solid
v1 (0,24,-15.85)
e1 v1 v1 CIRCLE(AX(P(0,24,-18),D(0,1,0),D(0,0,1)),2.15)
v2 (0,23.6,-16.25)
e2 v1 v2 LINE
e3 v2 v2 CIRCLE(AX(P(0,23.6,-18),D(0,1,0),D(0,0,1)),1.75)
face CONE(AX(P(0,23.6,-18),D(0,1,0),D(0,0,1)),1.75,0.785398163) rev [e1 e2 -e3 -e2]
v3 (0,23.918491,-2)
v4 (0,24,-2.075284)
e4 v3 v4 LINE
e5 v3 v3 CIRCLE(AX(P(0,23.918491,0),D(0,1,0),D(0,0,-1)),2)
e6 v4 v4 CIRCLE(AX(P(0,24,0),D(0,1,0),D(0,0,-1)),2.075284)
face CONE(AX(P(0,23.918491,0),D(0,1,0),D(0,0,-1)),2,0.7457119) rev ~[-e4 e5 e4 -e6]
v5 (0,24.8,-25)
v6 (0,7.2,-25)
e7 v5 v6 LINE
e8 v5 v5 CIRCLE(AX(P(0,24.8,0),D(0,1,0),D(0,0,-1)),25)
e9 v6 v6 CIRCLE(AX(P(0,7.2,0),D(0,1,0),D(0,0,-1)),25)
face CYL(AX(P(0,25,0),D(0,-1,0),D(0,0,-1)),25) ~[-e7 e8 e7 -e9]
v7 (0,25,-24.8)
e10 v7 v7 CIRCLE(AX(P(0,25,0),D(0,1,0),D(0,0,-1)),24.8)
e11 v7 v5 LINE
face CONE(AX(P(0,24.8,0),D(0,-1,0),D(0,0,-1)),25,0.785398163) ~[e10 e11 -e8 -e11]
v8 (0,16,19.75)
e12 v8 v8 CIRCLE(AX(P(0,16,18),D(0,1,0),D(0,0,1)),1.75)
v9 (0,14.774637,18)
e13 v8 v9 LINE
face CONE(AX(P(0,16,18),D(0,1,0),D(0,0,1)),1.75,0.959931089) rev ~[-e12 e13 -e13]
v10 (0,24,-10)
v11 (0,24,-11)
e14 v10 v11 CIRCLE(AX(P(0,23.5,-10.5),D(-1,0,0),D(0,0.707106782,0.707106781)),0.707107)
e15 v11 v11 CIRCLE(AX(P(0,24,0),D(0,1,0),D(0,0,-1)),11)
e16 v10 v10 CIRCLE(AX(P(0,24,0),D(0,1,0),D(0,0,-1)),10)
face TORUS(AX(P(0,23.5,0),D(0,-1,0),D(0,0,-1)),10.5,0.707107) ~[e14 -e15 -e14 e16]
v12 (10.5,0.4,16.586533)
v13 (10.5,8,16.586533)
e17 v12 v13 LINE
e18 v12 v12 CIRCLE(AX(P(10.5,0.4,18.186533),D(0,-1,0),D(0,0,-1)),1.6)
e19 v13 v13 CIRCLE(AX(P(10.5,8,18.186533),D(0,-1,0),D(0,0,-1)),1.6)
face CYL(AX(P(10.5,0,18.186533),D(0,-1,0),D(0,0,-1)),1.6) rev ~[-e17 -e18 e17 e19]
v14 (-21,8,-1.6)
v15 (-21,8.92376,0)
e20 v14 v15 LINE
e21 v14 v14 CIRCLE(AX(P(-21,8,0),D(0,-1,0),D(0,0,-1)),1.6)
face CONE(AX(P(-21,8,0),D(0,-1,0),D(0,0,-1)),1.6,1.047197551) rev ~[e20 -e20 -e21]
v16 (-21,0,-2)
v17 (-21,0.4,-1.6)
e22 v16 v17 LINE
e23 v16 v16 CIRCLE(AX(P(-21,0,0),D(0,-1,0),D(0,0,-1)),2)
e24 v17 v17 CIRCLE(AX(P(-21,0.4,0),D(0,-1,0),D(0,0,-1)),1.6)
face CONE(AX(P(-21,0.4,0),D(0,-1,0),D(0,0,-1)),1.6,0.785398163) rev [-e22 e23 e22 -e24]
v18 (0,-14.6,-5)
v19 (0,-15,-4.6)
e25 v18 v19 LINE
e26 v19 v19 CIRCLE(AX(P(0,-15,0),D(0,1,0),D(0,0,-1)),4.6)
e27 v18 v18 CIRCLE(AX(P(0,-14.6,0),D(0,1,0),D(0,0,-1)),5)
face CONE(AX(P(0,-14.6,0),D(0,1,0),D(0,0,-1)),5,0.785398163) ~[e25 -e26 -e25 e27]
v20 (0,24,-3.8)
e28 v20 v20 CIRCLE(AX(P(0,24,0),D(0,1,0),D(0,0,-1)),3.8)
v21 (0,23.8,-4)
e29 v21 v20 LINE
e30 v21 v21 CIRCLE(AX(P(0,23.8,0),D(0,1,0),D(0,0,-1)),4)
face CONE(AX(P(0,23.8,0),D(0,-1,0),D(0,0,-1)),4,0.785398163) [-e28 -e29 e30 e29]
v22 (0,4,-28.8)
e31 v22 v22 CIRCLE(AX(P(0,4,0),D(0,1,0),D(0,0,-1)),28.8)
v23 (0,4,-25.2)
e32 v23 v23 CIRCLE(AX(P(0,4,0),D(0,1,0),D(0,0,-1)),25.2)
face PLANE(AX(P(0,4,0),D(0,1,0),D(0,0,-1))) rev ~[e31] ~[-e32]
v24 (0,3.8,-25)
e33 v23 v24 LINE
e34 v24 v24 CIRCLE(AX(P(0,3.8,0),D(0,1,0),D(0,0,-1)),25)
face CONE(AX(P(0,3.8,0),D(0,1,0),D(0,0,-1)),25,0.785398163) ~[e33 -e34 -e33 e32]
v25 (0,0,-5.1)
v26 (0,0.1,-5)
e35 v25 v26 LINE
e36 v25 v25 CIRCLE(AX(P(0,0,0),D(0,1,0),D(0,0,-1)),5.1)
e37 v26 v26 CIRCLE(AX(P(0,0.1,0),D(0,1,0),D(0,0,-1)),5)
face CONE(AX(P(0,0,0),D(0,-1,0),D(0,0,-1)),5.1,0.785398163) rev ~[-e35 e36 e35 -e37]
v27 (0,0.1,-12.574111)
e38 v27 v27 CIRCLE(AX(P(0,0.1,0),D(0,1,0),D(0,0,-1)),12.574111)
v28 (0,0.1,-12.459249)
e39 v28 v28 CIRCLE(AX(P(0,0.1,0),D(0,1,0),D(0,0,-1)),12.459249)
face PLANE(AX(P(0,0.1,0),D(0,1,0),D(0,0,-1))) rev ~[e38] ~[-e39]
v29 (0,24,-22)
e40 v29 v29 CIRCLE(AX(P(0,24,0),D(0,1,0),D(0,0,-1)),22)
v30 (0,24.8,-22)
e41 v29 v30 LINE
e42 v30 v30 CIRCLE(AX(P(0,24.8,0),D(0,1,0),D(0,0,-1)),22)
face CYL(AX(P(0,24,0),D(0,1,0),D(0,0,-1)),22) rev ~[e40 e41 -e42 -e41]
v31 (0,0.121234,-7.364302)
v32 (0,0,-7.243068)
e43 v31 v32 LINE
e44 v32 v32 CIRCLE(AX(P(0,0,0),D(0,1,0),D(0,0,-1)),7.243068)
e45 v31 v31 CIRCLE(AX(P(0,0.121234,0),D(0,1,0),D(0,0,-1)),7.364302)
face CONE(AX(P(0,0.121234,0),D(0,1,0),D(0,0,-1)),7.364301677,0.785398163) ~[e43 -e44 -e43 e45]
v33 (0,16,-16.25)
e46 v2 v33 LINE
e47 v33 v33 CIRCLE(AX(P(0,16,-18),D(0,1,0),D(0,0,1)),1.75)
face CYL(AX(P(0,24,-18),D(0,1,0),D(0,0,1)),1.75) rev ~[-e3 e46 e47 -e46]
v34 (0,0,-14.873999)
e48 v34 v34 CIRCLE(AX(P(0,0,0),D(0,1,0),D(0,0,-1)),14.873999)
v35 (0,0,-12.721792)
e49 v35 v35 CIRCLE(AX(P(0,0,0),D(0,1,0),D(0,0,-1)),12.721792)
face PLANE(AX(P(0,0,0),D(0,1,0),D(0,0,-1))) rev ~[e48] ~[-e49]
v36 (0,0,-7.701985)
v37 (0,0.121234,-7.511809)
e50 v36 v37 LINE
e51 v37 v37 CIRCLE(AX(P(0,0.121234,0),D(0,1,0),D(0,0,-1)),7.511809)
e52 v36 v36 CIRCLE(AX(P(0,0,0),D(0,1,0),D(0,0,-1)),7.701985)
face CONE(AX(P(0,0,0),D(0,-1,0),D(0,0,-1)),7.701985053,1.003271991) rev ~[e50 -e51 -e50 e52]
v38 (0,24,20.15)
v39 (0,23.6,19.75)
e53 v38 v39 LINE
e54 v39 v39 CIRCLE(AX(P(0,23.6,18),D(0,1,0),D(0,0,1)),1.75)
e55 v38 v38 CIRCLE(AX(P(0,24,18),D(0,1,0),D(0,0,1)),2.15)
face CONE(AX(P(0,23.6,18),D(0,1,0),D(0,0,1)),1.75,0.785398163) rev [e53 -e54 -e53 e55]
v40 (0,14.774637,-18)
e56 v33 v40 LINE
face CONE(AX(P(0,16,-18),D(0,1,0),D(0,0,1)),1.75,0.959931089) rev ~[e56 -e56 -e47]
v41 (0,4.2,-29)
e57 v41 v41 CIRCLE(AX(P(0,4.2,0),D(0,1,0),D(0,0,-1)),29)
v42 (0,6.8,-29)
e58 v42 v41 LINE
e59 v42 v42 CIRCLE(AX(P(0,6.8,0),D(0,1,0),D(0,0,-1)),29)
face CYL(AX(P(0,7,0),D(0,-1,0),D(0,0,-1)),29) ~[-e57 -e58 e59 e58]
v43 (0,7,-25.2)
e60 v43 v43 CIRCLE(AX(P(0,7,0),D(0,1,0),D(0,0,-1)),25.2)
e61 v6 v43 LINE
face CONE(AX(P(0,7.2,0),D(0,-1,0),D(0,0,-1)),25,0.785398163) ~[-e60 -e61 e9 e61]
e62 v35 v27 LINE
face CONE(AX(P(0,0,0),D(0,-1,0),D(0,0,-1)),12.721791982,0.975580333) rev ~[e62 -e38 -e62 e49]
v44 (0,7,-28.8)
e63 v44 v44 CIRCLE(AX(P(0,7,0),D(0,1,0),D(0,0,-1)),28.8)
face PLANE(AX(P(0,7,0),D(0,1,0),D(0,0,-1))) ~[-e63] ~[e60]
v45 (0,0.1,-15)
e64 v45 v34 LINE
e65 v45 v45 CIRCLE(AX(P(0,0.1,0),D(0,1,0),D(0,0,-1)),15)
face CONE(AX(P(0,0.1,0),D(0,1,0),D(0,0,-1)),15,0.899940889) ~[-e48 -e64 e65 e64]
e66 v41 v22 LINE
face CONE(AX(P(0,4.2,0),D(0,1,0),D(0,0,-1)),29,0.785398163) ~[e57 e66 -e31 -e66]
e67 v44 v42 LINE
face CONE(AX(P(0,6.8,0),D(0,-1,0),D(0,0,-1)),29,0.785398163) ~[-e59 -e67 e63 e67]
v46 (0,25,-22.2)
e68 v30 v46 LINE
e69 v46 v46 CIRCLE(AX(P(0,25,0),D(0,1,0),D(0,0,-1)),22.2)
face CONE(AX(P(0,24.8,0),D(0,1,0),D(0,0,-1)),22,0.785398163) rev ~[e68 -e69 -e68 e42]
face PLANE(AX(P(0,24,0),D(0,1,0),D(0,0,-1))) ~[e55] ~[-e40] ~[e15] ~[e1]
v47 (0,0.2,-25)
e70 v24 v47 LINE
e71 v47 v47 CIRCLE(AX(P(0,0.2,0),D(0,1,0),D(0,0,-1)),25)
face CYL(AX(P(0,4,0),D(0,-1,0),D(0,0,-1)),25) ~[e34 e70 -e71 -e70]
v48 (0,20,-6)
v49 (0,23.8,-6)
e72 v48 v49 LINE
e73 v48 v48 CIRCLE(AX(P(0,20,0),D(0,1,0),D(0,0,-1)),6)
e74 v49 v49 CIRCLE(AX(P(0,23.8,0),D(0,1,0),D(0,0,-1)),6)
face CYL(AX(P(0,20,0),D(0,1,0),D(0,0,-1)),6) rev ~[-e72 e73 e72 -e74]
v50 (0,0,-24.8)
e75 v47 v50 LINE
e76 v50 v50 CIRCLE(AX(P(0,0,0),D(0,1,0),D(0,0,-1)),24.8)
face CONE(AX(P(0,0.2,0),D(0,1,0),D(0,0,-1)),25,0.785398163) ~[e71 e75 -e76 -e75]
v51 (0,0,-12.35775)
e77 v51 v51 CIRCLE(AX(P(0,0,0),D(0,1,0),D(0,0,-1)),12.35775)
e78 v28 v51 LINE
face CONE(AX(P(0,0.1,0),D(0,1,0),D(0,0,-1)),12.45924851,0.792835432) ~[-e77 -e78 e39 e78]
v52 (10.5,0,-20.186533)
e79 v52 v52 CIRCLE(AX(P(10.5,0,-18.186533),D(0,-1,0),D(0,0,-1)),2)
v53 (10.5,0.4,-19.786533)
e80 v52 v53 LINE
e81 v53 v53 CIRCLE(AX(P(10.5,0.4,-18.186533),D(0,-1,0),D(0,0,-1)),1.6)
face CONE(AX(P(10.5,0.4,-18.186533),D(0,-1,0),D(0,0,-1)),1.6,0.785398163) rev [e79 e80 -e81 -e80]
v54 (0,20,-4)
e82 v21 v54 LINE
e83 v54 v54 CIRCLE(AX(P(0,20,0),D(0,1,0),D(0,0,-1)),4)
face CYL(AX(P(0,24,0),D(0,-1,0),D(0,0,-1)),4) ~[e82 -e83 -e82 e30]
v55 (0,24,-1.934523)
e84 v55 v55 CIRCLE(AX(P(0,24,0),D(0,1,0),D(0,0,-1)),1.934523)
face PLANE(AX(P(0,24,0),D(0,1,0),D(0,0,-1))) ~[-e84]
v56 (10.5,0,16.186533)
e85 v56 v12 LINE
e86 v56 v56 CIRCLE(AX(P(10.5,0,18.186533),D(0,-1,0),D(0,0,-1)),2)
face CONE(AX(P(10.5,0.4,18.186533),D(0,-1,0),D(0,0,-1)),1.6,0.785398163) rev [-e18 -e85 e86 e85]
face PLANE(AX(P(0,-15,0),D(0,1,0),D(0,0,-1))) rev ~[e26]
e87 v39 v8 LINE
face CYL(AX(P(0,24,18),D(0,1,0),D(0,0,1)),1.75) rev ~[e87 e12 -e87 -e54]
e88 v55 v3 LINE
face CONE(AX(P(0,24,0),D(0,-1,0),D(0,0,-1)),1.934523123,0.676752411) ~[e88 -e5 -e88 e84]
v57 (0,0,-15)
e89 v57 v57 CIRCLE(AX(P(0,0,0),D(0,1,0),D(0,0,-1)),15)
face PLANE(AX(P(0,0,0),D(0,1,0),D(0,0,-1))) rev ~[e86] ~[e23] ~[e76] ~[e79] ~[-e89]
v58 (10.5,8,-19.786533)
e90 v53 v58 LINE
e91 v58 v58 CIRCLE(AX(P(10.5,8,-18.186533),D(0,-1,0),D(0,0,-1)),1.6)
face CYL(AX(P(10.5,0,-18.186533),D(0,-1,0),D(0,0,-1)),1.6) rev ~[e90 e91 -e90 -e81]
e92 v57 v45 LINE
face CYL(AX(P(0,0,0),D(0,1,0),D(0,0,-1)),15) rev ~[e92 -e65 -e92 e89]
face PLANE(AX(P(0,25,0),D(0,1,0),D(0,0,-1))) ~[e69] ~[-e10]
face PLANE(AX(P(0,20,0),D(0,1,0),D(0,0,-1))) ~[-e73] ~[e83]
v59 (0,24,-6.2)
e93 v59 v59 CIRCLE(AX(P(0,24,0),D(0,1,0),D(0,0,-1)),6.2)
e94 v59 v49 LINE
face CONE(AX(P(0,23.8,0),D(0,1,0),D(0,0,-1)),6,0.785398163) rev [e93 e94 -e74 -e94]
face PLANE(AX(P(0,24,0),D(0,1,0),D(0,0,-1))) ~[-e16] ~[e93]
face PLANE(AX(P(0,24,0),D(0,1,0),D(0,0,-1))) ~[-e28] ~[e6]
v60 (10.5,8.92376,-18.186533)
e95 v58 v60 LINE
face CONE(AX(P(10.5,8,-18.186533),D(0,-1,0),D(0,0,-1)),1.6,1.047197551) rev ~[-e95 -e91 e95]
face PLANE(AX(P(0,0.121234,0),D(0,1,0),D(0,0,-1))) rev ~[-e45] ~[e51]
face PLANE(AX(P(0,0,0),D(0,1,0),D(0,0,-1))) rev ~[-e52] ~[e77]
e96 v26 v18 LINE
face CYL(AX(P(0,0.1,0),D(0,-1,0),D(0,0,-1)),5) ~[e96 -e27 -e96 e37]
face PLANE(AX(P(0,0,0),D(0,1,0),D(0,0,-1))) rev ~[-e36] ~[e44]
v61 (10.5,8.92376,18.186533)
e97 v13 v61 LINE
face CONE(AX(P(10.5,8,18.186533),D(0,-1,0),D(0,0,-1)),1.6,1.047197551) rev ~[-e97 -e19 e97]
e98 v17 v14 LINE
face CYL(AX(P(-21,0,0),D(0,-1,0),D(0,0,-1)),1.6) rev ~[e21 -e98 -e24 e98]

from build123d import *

# Parameters (mm, degrees)
SKETCH11_R          = 1.6
CUT_EXTRUDE11_DEPTH = 8
CHAMFER5_SIZE       = 0.2
SKETCH13_R          = 1.75
CUT_EXTRUDE13_DEPTH = 8
CHAMFER4_SIZE       = 0.4


with BuildPart() as part:
    # Sketch1 → Base-Revolve (revolve)
    with BuildSketch(Plane.XY, mode=Mode.PRIVATE) as base_revolve_sk:
        with BuildLine():
            Line((22, 24), (22, 25))
            Line((22, 25), (25, 25))
            Line((25, 25), (25, 7))
            Line((25, 7), (29, 7))
            Line((29, 7), (29, 4))
            Line((29, 4), (25, 4))
            Line((25, 4), (25, 0))
            Line((25, 0), (15, 0))
            Line((15, 0), (15, 0.1))
            Line((15, 0.1), (14.873999475, 0))
            Line((14.873999475, 0), (12.721791982, 0))
            Line((12.721791982, 0), (12.574111279, 0.1))
            Line((12.574111279, 0.1), (12.45924851, 0.1))
            Line((12.45924851, 0.1), (12.357749883, 0))
            Line((12.357749883, 0), (11.190176325, 0))
            Line((11.190176325, 0), (7.701985053, 0))
            Line((7.701985053, 0), (7.511808728, 0.121233853))
            Line((7.511808728, 0.121233853), (7.364301677, 0.121233853))
            Line((7.364301677, 0.121233853), (7.243067824, 0))
            Line((7.243067824, 0), (5.1, 0))
            Line((5.1, 0), (5, 0.1))
            Line((5, 0.1), (5, 0))
            Line((5, 0), (5, -15))
            Line((5, -15), (0, -15))
            Line((0, -15), (0, 24))
            Line((0, 24), (1.934523123, 24))
            Line((1.934523123, 24), (2, 23.918490551))
            Line((2, 23.918490551), (2.075283648, 24))
            Line((2.075283648, 24), (4, 24))
            Line((4, 24), (4, 20))
            Line((4, 20), (6, 20))
            Line((6, 20), (6, 24))
            Line((6, 24), (10, 24))
            ThreePointArc((10, 24), (10.5, 24.207106781), (11, 24))
            Line((11, 24), (22, 24))
        make_face()
    revolve(base_revolve_sk.sketch.rotate(Axis((0, 0, 0), (0, 1, 0)), 90), axis=Axis((0, 0, 0), (0, 1, 0)))

    # Sketch11 → Cut-Extrude11 (cut)
    with BuildSketch(Plane.XZ):
        with Locations(Location((-21, 0, 0), (0, 0, 270))):
            Circle(SKETCH11_R)
        with Locations(Location((10.5, 18.186533479, 0), (0, 0, 270))):
            Circle(SKETCH11_R)
        with Locations(Location((10.5, -18.186533479, 0), (0, 0, 270))):
            Circle(SKETCH11_R)
    extrude(amount=-CUT_EXTRUDE11_DEPTH, mode=Mode.SUBTRACT)

    # Cut-Extrude12 cone 1 section (through the dimple's axis) → Cut-Extrude12 (revolve, cut)
    with BuildSketch(Plane(origin=(10.5, 8, -18.186533479), x_dir=(0, 0, -1), z_dir=(1, 0, 0))):
        Polygon((0, 0), (1.6, 0), (0, 0.923760431), align=None)
    revolve(axis=Axis((10.5, 8, -18.186533479), (0, 1, 0)), mode=Mode.SUBTRACT)

    # Cut-Extrude12 cone 2 section (through the dimple's axis) → Cut-Extrude12 cone 2 (revolve, cut)
    with BuildSketch(Plane(origin=(-21, 8, 0), x_dir=(0, 0, -1), z_dir=(1, 0, 0))):
        Polygon((0, 0), (1.6, 0), (0, 0.923760431), align=None)
    revolve(axis=Axis((-21, 8, 0), (0, 1, 0)), mode=Mode.SUBTRACT)

    # Cut-Extrude12 cone 3 section (through the dimple's axis) → Cut-Extrude12 cone 3 (revolve, cut)
    with BuildSketch(Plane(origin=(10.5, 8, 18.186533479), x_dir=(0, 0, -1), z_dir=(1, 0, 0))):
        Polygon((0, 0), (1.6, 0), (0, 0.923760431), align=None)
    revolve(axis=Axis((10.5, 8, 18.186533479), (0, 1, 0)), mode=Mode.SUBTRACT)

    # Chamfer5
    chamfer5_edges = [part.edges().sort_by_distance(p)[0] for p in [
        (0, 25, 25),
        (0, 25, 22),
        (0, 24, 6),
        (0, 24, 4),
        (0, 0, 25),
        (0, 4, 25),
        (0, 4, 29),
        (0, 7, 29),
        (0, 7, 25),
    ]]
    chamfer(chamfer5_edges, length=CHAMFER5_SIZE)

    # Sketch13 → Cut-Extrude13 (cut)
    with BuildSketch(Plane(origin=(0, 24, 0), x_dir=(-1, 0, 0), z_dir=(0, 1, 0))):
        with Locations(Location((0, -18, 0), (0, 0, 90))):
            Circle(SKETCH13_R)
        with Locations(Location((0, 18, 0), (0, 0, 90))):
            Circle(SKETCH13_R)
    extrude(amount=-CUT_EXTRUDE13_DEPTH, mode=Mode.SUBTRACT)

    # Cut-Extrude14 cone 1 section (through the dimple's axis) → Cut-Extrude14 (revolve, cut)
    with BuildSketch(Plane(origin=(0, 16, -18), x_dir=(0, 0, 1), z_dir=(1, 0, 0))):
        Polygon((0, 0), (1.75, 0), (0, 1.225363192), align=None)
    revolve(axis=Axis((0, 16, -18), (0, -1, 0)), mode=Mode.SUBTRACT)

    # Cut-Extrude14 cone 2 section (through the dimple's axis) → Cut-Extrude14 cone 2 (revolve, cut)
    with BuildSketch(Plane(origin=(0, 16, 18), x_dir=(0, 0, 1), z_dir=(1, 0, 0))):
        Polygon((0, 0), (1.75, 0), (0, 1.225363192), align=None)
    revolve(axis=Axis((0, 16, 18), (0, -1, 0)), mode=Mode.SUBTRACT)

    # Chamfer4
    chamfer4_edges = [part.edges().sort_by_distance(p)[0] for p in [
        (0, 24, -19.75),
        (0, 24, 16.25),
        (0, -15, 5),
        (-21, 0, 1.6),
        (10.5, 0, 19.786533479),
        (10.5, 0, -16.586533479),
    ]]
    chamfer(chamfer4_edges, length=CHAMFER4_SIZE)


solid = part.part
